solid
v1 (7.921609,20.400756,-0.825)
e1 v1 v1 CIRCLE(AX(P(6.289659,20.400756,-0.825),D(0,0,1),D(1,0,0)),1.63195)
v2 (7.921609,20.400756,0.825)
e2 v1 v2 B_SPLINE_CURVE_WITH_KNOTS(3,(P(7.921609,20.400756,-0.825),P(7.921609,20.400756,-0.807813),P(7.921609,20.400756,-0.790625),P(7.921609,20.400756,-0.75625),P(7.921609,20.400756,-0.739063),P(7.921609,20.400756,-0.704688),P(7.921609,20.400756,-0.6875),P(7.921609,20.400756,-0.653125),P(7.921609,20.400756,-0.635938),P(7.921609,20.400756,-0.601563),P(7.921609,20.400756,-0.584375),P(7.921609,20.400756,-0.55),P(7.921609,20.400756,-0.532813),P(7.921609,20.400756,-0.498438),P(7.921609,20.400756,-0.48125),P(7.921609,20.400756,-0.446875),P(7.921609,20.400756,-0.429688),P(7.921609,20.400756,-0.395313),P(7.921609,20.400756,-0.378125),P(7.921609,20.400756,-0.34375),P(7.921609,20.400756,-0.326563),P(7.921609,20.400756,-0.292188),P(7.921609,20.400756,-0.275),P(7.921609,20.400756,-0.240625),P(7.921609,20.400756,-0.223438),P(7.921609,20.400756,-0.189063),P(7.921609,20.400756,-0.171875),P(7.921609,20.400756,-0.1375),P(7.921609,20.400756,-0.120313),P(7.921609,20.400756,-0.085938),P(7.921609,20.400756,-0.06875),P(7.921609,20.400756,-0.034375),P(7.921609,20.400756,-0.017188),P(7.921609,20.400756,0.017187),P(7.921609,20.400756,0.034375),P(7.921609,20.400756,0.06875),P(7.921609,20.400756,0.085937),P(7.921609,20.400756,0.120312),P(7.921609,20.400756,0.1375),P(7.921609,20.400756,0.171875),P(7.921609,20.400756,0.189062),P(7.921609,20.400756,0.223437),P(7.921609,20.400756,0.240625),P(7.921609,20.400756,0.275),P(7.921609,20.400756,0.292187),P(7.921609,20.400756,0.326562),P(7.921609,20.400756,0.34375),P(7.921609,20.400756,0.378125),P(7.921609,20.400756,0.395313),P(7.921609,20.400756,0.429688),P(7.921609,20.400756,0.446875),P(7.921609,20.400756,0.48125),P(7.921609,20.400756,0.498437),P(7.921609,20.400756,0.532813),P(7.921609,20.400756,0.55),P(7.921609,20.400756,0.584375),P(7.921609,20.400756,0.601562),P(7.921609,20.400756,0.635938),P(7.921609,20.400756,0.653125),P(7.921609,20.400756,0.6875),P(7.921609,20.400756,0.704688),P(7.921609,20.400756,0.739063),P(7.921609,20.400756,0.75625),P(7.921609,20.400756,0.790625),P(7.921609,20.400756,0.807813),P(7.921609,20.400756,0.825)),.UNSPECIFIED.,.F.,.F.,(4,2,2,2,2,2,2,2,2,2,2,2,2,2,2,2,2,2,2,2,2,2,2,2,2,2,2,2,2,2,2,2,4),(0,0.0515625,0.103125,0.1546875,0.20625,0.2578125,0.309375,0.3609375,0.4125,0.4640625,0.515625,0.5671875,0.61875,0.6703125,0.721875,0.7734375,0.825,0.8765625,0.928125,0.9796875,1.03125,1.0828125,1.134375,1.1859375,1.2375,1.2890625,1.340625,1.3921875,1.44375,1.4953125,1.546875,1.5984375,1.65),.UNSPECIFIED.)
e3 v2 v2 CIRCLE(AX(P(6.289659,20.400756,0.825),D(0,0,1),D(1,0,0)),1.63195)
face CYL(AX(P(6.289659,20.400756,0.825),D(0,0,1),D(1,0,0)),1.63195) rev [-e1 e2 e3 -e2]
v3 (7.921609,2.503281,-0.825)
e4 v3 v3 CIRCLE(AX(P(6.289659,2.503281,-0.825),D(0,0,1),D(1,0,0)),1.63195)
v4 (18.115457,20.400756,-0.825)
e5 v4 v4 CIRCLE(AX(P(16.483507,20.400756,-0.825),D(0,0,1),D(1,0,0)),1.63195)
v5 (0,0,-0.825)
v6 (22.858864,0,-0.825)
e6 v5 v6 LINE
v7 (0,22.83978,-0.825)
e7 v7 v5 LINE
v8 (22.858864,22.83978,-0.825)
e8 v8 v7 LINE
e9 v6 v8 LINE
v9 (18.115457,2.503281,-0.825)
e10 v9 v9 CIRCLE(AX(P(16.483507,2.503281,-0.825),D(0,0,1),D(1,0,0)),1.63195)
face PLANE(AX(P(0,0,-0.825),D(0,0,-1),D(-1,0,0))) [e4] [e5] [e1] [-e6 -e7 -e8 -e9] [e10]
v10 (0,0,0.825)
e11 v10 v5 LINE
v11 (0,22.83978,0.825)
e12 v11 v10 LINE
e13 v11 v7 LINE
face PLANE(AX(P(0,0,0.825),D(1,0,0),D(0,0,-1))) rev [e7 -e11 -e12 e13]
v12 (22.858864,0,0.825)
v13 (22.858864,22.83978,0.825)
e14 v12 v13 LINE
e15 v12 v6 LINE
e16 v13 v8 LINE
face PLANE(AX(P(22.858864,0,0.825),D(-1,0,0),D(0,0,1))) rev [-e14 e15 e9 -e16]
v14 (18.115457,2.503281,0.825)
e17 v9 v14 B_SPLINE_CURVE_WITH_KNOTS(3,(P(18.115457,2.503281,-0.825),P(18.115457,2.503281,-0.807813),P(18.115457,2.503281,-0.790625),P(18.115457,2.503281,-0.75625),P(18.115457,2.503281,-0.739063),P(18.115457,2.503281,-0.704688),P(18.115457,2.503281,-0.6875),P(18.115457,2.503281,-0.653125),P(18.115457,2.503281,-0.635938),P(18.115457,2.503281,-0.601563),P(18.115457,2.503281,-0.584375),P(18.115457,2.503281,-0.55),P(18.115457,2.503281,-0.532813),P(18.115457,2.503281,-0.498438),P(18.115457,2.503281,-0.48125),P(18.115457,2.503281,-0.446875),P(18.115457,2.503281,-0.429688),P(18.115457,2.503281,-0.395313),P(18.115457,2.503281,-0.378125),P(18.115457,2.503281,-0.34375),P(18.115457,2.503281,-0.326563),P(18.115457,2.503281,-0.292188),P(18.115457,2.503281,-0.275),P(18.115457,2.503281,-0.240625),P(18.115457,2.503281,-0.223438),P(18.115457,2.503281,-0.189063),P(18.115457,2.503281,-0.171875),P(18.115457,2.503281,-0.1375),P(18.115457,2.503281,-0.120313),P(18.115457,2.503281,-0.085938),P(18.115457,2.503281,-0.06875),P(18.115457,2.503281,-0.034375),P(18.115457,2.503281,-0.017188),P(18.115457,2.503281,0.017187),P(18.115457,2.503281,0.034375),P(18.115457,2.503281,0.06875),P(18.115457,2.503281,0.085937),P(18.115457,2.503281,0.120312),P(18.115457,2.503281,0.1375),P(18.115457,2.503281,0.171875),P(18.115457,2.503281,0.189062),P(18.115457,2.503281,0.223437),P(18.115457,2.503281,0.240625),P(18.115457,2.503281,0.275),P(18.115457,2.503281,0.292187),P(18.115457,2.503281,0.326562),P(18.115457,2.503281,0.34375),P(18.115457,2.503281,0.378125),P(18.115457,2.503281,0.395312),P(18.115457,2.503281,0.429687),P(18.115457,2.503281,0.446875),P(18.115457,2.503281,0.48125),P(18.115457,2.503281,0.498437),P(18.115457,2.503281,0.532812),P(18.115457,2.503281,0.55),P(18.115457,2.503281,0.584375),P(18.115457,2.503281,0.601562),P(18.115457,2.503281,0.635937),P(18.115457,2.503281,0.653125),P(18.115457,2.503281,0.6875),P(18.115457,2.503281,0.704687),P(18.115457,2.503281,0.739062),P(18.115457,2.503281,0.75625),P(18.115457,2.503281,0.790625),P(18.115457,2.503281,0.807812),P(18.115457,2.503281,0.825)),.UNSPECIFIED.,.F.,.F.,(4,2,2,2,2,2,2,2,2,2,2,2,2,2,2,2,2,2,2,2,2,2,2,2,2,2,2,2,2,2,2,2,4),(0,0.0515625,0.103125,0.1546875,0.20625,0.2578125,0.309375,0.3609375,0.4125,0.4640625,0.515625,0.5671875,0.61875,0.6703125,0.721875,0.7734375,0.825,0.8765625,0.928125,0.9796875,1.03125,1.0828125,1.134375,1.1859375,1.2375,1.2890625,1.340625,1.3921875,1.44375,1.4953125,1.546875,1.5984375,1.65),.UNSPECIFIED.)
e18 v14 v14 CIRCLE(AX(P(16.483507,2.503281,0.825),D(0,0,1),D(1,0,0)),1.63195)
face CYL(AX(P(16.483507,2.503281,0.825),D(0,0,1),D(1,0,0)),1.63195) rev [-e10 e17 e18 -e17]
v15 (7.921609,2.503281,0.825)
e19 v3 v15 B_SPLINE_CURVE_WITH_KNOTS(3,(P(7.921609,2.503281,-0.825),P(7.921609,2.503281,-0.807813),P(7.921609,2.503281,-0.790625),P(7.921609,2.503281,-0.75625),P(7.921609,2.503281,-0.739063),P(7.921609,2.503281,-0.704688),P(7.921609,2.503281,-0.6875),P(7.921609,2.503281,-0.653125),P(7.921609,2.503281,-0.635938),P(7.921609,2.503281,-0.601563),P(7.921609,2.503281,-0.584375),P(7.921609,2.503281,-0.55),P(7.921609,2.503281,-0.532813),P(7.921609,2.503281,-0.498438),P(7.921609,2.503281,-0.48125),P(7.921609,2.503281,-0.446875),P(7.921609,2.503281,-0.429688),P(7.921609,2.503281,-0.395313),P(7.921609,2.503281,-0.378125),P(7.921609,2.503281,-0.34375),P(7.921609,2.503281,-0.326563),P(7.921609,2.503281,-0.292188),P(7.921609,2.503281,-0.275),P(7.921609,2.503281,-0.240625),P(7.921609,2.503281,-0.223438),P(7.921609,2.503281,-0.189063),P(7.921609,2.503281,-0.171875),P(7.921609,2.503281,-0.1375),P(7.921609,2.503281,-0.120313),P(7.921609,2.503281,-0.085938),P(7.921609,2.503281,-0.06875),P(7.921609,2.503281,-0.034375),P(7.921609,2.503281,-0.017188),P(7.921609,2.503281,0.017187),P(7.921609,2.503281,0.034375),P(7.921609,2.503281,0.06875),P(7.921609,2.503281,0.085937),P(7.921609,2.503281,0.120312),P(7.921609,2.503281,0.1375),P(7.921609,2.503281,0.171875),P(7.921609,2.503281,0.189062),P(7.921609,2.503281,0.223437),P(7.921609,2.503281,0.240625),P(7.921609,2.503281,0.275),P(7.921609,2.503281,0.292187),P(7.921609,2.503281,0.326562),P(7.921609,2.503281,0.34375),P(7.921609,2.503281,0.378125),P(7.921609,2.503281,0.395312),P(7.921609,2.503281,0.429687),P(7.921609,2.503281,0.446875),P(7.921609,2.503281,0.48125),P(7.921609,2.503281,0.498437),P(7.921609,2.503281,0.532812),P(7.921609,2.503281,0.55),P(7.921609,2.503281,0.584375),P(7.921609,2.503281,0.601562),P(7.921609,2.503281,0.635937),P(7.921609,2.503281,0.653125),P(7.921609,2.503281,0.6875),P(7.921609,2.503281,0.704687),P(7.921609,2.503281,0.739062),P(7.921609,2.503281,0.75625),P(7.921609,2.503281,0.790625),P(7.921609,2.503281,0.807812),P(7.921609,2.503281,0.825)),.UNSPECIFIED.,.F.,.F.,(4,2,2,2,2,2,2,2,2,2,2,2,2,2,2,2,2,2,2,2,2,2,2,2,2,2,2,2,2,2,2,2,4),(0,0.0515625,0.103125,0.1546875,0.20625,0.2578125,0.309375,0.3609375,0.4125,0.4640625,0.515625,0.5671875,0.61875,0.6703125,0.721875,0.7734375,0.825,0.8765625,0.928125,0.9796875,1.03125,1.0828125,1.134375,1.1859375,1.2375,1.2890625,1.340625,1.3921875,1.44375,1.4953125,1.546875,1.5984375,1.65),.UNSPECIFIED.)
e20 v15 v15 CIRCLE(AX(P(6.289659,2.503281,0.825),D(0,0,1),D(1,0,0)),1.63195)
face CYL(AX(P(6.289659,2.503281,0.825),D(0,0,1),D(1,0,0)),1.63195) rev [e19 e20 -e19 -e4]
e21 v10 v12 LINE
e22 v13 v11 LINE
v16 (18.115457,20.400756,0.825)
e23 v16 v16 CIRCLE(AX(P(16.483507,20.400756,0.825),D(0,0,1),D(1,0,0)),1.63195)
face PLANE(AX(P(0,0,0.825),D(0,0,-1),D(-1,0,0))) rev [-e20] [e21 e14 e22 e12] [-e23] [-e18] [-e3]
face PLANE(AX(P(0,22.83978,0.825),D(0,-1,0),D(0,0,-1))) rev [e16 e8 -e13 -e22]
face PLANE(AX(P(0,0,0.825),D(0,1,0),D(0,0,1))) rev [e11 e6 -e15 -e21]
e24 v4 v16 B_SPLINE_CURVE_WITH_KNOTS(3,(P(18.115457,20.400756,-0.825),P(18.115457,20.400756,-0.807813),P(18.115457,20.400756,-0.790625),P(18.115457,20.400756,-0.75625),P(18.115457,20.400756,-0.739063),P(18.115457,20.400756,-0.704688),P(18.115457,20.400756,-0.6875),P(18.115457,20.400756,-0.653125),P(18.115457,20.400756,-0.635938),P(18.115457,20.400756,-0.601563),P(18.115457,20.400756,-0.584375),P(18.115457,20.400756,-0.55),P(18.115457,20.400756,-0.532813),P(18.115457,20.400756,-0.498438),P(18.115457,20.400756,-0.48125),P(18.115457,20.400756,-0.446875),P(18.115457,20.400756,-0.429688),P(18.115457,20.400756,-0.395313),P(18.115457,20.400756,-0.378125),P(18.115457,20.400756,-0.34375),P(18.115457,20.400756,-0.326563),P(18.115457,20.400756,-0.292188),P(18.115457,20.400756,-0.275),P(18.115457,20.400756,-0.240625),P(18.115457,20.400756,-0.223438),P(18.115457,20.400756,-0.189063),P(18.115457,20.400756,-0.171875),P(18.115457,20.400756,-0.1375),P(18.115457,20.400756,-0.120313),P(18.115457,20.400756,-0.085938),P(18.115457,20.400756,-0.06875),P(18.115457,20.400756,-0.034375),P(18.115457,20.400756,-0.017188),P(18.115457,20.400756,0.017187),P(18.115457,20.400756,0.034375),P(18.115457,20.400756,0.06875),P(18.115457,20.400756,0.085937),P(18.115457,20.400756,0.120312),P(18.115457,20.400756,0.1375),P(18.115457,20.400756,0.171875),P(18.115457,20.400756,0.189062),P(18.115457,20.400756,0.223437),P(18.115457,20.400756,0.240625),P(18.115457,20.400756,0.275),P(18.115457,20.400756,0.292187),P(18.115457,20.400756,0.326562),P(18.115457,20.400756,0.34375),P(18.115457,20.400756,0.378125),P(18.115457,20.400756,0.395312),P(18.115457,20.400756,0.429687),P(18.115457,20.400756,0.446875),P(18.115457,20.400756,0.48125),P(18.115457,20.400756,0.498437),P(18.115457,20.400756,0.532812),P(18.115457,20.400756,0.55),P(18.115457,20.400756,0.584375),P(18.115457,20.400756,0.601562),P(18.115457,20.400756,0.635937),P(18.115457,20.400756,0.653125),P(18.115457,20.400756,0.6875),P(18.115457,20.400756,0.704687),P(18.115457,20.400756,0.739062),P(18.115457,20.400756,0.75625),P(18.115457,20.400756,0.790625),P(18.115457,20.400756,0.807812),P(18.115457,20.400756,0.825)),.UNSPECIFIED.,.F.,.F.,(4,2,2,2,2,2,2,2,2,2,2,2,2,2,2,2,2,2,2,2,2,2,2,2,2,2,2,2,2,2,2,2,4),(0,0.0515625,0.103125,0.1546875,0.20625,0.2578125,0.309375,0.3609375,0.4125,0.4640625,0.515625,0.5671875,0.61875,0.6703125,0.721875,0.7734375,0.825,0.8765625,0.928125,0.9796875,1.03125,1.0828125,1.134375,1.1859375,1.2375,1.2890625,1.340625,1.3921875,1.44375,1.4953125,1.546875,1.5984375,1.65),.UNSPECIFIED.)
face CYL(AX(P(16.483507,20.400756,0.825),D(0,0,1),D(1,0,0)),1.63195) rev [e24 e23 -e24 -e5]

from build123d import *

# Parameters (mm, degrees)
SKETCH1_W             = 22.858863977
SKETCH1_H             = 22.839779742
BOSS_EXTRUDE1_DEPTH   = 0.825
F_4_CLEARANCE_HOLE1_D = 3.2639


with BuildPart() as part:
    # Sketch1 → Boss-Extrude1 (new, symmetric)
    with BuildSketch(Plane.XY):
        with Locations((11.429431989, 11.419889871)):
            Rectangle(SKETCH1_W, SKETCH1_H)
    extrude(amount=BOSS_EXTRUDE1_DEPTH, both=True)

    # #4 Clearance Hole1 (through all)
    with Locations(Plane.XY.offset(0.825)):
        with Locations((16.483506518, 20.400756331), (6.289658732, 20.400756331), (6.289658732, 2.503280726), (16.483506518, 2.503280726)):
            Hole(F_4_CLEARANCE_HOLE1_D / 2)


solid = part.part
